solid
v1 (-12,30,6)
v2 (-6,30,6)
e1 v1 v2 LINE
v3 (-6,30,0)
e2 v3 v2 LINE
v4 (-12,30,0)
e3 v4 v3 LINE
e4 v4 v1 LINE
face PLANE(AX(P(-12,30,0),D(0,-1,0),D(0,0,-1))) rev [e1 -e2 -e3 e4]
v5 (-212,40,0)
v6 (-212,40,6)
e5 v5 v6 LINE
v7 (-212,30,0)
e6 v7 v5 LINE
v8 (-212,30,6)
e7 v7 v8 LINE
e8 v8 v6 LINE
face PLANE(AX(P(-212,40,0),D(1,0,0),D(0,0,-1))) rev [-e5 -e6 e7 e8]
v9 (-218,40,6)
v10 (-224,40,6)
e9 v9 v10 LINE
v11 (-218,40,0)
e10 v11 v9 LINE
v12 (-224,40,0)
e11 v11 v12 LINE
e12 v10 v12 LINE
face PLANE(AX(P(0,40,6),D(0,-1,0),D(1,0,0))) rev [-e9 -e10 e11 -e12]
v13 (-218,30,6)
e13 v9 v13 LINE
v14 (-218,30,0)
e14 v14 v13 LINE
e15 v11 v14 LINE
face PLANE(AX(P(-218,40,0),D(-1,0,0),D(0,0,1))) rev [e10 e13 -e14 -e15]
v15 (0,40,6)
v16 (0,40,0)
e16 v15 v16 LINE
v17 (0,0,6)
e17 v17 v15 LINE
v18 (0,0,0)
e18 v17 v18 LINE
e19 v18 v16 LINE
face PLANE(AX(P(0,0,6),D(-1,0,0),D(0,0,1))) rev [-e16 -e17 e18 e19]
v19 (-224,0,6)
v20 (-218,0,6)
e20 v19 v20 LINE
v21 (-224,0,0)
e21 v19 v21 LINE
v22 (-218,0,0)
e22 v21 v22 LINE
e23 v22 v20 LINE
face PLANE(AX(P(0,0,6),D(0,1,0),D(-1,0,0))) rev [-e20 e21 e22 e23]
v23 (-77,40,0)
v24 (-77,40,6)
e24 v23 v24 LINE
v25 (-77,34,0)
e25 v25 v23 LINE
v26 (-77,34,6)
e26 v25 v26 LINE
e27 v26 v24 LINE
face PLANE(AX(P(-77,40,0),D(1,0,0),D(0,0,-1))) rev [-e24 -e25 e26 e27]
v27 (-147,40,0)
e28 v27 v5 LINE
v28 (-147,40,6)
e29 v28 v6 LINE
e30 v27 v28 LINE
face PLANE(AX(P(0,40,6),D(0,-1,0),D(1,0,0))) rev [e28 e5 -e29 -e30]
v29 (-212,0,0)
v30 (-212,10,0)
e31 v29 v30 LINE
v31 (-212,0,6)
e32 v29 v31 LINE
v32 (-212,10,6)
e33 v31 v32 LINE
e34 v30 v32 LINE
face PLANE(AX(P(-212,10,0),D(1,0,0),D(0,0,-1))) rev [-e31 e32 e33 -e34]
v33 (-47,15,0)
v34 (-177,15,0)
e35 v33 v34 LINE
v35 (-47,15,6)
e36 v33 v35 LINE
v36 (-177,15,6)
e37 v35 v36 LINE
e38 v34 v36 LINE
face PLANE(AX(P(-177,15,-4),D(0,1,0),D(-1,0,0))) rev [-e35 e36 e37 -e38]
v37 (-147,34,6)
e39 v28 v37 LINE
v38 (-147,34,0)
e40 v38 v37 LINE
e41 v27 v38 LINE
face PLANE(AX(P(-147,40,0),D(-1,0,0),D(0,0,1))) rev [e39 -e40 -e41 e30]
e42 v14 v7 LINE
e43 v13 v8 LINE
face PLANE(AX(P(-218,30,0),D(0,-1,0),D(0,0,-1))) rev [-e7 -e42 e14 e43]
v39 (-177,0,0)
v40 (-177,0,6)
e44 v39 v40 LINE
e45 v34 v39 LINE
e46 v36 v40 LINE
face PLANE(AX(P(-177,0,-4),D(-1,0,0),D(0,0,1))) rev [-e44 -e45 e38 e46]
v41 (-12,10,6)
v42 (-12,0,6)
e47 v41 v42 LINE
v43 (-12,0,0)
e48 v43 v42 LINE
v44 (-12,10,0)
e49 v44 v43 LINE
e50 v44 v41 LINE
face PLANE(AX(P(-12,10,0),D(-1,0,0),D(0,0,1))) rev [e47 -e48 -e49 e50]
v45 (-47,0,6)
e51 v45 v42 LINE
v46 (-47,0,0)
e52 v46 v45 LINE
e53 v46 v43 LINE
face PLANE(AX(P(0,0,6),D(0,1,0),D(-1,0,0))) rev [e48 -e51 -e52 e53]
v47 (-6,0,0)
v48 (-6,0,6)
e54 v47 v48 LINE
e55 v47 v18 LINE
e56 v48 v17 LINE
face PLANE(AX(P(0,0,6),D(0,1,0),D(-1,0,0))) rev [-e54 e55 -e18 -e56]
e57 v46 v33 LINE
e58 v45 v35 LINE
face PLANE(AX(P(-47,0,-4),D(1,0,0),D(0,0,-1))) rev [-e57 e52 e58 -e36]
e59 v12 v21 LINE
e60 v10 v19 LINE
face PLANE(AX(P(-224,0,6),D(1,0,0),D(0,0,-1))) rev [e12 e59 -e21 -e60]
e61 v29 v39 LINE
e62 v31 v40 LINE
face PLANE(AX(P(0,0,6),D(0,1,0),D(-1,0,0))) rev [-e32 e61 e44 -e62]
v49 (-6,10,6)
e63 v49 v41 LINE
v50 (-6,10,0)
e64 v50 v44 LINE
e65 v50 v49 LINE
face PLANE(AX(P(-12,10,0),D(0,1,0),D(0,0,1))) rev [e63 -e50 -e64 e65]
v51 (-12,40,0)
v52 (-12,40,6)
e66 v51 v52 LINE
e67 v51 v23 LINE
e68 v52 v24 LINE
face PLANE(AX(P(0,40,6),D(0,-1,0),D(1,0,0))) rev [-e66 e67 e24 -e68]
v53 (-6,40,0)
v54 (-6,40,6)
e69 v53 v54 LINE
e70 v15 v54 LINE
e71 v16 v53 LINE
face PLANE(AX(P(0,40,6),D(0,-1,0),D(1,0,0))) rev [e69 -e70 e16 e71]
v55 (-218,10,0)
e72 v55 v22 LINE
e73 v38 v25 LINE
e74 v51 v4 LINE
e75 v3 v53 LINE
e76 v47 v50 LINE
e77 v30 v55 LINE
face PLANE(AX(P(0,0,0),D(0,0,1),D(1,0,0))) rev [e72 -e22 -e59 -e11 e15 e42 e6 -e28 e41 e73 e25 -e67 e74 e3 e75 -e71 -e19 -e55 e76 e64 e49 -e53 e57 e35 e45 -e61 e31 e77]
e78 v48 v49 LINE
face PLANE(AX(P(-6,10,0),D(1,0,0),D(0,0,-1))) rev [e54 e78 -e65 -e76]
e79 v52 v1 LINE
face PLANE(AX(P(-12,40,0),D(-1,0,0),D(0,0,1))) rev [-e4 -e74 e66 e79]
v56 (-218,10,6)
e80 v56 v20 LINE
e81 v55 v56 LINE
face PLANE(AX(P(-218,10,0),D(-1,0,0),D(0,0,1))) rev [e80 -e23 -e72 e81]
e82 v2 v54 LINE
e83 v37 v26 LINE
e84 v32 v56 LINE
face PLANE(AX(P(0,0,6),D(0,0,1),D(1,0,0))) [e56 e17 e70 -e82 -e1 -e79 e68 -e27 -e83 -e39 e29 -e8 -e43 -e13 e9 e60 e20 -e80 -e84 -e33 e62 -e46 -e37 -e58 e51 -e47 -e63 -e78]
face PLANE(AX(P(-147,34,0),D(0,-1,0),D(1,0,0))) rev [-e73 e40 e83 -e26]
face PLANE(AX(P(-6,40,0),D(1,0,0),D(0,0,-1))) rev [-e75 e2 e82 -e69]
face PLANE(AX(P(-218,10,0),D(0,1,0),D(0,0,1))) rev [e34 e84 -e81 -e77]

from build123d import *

# Parameters (mm, degrees)
SKETCH1_W            = 224
SKETCH1_H            = 40
BOSS_EXTRUDE1_DEPTH  = 6
SKETCH2_W            = 6
SKETCH2_H            = 10
CUT_EXTRUDE1_DEPTH   = 228.622494495
LPATTERN1_COUNT      = 2
LPATTERN1_PITCH      = 206
LPATTERN1_COUNT_DIR2 = 2
LPATTERN1_PITCH_DIR2 = 30
SKETCH3_W            = 70
SKETCH3_H            = 6
CUT_EXTRUDE2_DEPTH   = 228.622494495
SKETCH4_W            = 130
SKETCH4_H            = 15
CUT_EXTRUDE3_DEPTH   = 10


with BuildPart() as part:
    # Sketch1 → Boss-Extrude1 (new body)
    with BuildSketch(Plane.XY):
        with Locations((-112, 20)):
            Rectangle(SKETCH1_W, SKETCH1_H)
    extrude(amount=BOSS_EXTRUDE1_DEPTH)

    # Sketch2 → Cut-Extrude1 (cut, through all)
    with BuildSketch(Plane.XY.offset(6)):
        with Locations((-215, 35)):
            Rectangle(SKETCH2_W, SKETCH2_H)
    cut_extrude1 = extrude(amount=-CUT_EXTRUDE1_DEPTH, mode=Mode.SUBTRACT)

    # LPattern1: Cut-Extrude1 2 × 2
    with Locations(*[(i * LPATTERN1_PITCH, -j * LPATTERN1_PITCH_DIR2, 0) for i in range(LPATTERN1_COUNT) for j in range(LPATTERN1_COUNT_DIR2) if (i, j) != (0, 0)]):
        add(cut_extrude1, mode=Mode.SUBTRACT)

    # Sketch3 → Cut-Extrude2 (cut, through all)
    with BuildSketch(Plane.XY.offset(6)):
        with Locations((-112, 37)):
            Rectangle(SKETCH3_W, SKETCH3_H)
    extrude(amount=-CUT_EXTRUDE2_DEPTH, mode=Mode.SUBTRACT)

    # Sketch4 → Cut-Extrude3 (cut)
    with BuildSketch(Plane.XY.offset(6)):
        with Locations((-112, 7.5)):
            Rectangle(SKETCH4_W, SKETCH4_H)
    extrude(amount=-CUT_EXTRUDE3_DEPTH, mode=Mode.SUBTRACT)


solid = part.part
